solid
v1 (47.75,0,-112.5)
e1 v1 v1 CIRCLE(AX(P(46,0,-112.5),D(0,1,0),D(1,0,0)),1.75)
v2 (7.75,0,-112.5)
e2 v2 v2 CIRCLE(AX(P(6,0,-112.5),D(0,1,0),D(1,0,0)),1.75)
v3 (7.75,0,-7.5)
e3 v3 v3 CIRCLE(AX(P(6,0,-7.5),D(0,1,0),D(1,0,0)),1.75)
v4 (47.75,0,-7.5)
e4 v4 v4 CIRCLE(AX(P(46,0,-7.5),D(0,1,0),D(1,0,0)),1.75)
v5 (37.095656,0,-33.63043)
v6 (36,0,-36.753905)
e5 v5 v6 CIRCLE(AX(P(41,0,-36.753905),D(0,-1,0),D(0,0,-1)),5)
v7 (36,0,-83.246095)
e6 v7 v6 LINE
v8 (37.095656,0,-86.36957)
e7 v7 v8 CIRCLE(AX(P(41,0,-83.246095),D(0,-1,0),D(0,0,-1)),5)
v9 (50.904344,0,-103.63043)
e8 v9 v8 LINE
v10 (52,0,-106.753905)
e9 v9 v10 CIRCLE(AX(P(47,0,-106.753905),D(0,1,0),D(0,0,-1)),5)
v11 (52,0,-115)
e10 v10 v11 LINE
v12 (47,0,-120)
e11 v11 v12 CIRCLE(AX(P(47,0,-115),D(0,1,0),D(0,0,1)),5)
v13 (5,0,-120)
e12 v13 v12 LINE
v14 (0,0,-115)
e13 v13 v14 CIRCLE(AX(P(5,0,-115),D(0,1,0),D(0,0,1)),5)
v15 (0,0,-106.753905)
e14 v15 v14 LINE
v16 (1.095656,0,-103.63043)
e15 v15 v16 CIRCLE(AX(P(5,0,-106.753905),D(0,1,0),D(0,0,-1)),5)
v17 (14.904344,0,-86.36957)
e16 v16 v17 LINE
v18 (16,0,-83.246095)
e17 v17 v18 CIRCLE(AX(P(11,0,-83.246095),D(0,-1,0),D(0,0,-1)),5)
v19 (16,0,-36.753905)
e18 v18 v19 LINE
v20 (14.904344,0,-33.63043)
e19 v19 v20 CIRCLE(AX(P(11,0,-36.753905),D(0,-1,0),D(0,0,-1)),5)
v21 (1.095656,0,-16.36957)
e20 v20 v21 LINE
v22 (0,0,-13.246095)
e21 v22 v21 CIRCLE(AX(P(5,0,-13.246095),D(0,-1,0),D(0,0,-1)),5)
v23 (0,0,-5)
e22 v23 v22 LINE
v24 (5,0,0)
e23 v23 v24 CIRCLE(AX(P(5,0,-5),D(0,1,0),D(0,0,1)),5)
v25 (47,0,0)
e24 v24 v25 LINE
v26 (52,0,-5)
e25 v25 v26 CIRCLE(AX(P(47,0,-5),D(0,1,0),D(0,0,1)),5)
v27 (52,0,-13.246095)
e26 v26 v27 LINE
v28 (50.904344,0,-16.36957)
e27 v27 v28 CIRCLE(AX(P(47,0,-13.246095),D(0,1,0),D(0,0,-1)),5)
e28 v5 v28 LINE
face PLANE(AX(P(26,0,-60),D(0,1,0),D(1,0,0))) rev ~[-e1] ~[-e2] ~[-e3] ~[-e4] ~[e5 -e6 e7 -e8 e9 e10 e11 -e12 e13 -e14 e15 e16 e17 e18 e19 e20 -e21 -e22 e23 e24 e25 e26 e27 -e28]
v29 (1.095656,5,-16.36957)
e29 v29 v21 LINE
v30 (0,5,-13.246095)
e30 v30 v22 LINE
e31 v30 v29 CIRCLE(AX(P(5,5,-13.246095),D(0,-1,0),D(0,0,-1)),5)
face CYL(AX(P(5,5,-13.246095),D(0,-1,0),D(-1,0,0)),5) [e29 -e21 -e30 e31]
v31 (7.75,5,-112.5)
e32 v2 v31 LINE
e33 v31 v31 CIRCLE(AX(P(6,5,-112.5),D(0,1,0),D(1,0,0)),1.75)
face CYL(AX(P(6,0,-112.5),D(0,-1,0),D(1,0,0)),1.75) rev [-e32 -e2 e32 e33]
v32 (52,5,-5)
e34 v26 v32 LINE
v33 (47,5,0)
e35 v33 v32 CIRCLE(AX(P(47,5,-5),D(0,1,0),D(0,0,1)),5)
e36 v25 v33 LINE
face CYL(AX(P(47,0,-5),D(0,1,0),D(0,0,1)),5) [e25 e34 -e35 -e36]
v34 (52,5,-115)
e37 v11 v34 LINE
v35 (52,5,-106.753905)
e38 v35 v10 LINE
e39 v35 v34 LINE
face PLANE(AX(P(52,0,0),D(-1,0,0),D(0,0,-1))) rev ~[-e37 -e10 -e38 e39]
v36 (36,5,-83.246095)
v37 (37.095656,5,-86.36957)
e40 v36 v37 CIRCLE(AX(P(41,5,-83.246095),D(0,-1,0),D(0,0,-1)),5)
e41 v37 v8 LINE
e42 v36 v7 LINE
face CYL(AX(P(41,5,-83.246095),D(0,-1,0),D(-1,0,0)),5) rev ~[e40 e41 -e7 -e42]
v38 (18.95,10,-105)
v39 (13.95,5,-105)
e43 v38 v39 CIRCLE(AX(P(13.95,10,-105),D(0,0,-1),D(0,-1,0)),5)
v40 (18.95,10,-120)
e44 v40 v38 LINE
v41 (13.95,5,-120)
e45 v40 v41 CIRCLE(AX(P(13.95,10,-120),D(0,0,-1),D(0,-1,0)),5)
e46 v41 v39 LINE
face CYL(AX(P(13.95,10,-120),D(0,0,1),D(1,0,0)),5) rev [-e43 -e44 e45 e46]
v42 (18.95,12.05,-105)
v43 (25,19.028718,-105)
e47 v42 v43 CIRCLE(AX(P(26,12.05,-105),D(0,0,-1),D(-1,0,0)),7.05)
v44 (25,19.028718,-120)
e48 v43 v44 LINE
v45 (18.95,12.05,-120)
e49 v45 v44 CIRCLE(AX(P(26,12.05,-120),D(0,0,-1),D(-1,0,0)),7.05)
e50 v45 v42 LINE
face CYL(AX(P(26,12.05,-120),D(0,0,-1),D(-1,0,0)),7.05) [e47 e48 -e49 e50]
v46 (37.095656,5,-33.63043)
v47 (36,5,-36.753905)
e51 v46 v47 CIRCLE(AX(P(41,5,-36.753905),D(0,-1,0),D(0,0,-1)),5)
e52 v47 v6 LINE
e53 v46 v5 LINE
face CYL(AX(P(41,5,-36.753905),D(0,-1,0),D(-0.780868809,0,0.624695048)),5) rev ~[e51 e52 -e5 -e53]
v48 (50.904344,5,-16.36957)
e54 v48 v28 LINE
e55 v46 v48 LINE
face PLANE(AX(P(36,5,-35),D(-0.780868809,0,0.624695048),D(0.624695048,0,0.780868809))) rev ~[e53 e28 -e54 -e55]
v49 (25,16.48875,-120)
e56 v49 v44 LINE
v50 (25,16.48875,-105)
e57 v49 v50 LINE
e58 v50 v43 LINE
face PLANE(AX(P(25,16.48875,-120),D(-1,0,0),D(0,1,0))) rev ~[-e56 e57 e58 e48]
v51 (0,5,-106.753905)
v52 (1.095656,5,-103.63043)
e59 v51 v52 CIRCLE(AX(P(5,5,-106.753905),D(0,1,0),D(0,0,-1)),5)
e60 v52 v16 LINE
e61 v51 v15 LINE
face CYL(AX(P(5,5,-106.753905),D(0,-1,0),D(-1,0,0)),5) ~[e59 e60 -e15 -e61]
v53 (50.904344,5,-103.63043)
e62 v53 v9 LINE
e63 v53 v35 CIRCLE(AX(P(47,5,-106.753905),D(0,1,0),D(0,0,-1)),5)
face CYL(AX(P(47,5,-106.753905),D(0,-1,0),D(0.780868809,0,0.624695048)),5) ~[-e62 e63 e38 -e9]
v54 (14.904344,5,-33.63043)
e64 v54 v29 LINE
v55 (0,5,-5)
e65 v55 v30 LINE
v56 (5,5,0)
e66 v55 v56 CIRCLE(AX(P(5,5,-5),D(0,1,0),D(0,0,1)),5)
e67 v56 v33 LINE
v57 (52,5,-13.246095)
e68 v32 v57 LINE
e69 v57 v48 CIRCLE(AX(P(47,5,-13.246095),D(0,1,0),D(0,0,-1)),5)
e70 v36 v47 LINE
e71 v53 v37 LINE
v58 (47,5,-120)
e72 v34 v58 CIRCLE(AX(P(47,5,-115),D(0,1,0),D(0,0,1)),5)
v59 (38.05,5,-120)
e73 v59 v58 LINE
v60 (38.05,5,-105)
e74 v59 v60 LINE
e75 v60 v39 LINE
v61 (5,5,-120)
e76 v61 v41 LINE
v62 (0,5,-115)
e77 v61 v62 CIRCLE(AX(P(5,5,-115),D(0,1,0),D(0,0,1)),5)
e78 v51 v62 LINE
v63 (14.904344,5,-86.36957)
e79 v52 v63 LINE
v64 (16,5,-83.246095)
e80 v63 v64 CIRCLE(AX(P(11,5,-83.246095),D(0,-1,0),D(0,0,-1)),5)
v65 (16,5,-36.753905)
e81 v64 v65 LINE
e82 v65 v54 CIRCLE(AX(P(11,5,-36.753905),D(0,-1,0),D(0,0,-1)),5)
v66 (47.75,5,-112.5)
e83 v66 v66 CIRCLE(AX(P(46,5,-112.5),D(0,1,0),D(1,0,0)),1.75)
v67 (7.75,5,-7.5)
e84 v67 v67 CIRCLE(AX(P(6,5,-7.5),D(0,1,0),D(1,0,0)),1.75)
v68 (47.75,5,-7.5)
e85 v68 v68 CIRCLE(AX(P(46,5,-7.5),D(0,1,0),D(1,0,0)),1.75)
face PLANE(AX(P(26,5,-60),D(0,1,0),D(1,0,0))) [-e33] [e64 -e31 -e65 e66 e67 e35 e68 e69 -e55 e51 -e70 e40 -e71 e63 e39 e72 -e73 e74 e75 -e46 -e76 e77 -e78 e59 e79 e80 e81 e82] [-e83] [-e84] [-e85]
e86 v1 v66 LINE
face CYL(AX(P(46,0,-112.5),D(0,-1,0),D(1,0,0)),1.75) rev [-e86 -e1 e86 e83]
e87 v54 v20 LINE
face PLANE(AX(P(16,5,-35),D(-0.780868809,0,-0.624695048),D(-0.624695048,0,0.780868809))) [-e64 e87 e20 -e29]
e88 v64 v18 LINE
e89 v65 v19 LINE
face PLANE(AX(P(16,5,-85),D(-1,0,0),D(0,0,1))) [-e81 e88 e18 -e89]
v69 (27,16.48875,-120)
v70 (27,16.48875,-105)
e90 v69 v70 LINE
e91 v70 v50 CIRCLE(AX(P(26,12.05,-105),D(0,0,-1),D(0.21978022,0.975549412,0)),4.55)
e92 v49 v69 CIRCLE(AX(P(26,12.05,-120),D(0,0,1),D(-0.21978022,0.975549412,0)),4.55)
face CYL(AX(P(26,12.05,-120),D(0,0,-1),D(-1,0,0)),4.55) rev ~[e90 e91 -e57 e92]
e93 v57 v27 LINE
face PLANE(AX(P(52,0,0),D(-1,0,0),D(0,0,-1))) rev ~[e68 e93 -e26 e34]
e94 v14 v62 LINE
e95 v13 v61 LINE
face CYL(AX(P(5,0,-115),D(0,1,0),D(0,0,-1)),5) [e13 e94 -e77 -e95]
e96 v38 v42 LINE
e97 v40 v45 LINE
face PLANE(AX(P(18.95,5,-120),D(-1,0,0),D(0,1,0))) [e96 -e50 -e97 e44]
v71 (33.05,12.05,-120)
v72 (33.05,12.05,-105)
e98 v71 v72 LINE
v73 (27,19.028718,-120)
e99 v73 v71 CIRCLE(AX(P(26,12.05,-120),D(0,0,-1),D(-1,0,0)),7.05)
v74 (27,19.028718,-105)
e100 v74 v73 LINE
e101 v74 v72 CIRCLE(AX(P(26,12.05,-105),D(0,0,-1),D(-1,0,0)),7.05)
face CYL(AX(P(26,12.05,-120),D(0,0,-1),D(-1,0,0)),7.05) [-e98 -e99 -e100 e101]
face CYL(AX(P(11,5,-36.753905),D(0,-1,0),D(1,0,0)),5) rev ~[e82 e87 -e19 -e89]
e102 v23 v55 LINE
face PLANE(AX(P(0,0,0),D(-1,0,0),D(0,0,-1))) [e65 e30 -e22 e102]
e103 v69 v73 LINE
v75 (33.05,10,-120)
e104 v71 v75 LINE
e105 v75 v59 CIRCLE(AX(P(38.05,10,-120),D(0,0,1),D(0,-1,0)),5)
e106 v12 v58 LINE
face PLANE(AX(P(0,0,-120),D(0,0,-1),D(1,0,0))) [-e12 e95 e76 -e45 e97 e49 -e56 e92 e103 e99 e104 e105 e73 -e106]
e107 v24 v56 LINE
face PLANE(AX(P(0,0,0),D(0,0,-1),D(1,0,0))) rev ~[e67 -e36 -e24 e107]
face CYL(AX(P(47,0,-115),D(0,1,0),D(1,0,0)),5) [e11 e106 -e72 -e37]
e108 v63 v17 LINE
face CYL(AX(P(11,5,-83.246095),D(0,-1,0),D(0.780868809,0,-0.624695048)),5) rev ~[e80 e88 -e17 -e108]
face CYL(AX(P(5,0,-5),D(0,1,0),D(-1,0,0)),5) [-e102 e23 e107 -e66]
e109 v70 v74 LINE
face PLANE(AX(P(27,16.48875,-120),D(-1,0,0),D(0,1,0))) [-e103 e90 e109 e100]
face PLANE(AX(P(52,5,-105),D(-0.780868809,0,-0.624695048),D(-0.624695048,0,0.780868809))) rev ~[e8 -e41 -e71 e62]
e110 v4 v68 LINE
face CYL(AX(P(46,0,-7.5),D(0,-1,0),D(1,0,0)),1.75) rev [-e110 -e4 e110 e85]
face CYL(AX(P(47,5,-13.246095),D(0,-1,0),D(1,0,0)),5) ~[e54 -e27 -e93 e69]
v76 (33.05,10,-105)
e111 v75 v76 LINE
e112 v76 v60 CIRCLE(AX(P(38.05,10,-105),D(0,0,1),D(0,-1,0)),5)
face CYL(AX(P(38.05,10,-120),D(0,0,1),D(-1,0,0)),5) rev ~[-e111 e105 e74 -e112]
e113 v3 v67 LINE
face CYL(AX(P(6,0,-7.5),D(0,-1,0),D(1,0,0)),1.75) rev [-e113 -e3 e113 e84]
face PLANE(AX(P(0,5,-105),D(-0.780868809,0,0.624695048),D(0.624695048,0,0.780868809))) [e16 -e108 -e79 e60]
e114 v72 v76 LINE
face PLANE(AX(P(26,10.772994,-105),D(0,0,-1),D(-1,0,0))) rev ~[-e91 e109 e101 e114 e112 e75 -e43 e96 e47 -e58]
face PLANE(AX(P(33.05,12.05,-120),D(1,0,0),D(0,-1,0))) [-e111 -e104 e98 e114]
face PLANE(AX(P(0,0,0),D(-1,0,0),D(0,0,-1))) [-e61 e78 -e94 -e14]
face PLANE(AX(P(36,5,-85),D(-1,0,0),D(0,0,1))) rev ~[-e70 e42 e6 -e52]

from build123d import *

# Parameters (mm, degrees)
SKETCH2_W           = 52
SKETCH2_H           = 120
SKETCH2_R           = 1.75
BOSS_EXTRUDE1_DEPTH = 5
CUT_EXTRUDE1_DEPTH  = 6
SKETCH4_R           = 4.55
BOSS_EXTRUDE2_DEPTH = 15
SKETCH5_W           = 2
SKETCH5_H           = 2.611250176
CUT_EXTRUDE2_DEPTH  = 121
FILLET1_R           = 5


with BuildPart() as part:
    # Sketch2 → Boss-Extrude1 (new body)
    with BuildSketch(Plane(origin=(0, 0, 0), x_dir=(1, 0, 0), z_dir=(0, 1, 0))):
        with Locations((26, 60)):
            Rectangle(SKETCH2_W, SKETCH2_H)
        with Locations((6, 7.5)):
            Circle(SKETCH2_R, mode=Mode.SUBTRACT)
        with Locations((46, 7.5)):
            Circle(SKETCH2_R, mode=Mode.SUBTRACT)
        with Locations((6, 112.5)):
            Circle(SKETCH2_R, mode=Mode.SUBTRACT)
        with Locations((46, 112.5)):
            Circle(SKETCH2_R, mode=Mode.SUBTRACT)
    extrude(amount=BOSS_EXTRUDE1_DEPTH)

    # Sketch3 → Cut-Extrude1 (cut, through all)
    with BuildSketch(Plane(origin=(0, 5, 0), x_dir=(1, 0, 0), z_dir=(0, 1, 0))):
        Polygon((0, 105), (16, 85), (16, 35), (0, 15), align=None)
        Polygon((52, 105), (36, 85), (36, 35), (52, 15), align=None)
    extrude(amount=-CUT_EXTRUDE1_DEPTH, mode=Mode.SUBTRACT)

    # Sketch4 → Boss-Extrude2 (add)
    with BuildSketch(Plane(origin=(0, 0, -120), x_dir=(-1, 0, 0), z_dir=(0, 0, -1))):
        with BuildLine():
            Line((-33.05, 12.05), (-33.05, 5))
            Line((-33.05, 5), (-18.95, 5))
            Line((-18.95, 5), (-18.95, 12.05))
            ThreePointArc((-18.95, 12.05), (-26, 19.1), (-33.05, 12.05))
        make_face()
        with Locations((-26, 12.05)):
            Circle(SKETCH4_R, mode=Mode.SUBTRACT)
    extrude(amount=-BOSS_EXTRUDE2_DEPTH)

    # Sketch5 → Cut-Extrude2 (cut, through all)
    with BuildSketch(Plane(origin=(0, 0, -120), x_dir=(-1, 0, 0), z_dir=(0, 0, -1))):
        with Locations((-26, 17.794374912)):
            Rectangle(SKETCH5_W, SKETCH5_H)
    extrude(amount=-CUT_EXTRUDE2_DEPTH, mode=Mode.SUBTRACT)

    # Fillet1
    fillet1_edges = [part.edges().sort_by_distance(p)[0] for p in [
        (0, 2.5, -15),
        (0, 2.5, -105),
        (16, 2.5, -85),
        (16, 2.5, -35),
        (52, 2.5, -105),
        (52, 2.5, -15),
        (36, 2.5, -35),
        (36, 2.5, -85),
        (18.95, 5, -112.5),
        (33.05, 5, -112.5),
        (0, 2.5, -120),
        (52, 2.5, -120),
        (52, 2.5, 0),
        (0, 2.5, 0),
    ]]
    fillet(fillet1_edges, radius=FILLET1_R)


solid = part.part
